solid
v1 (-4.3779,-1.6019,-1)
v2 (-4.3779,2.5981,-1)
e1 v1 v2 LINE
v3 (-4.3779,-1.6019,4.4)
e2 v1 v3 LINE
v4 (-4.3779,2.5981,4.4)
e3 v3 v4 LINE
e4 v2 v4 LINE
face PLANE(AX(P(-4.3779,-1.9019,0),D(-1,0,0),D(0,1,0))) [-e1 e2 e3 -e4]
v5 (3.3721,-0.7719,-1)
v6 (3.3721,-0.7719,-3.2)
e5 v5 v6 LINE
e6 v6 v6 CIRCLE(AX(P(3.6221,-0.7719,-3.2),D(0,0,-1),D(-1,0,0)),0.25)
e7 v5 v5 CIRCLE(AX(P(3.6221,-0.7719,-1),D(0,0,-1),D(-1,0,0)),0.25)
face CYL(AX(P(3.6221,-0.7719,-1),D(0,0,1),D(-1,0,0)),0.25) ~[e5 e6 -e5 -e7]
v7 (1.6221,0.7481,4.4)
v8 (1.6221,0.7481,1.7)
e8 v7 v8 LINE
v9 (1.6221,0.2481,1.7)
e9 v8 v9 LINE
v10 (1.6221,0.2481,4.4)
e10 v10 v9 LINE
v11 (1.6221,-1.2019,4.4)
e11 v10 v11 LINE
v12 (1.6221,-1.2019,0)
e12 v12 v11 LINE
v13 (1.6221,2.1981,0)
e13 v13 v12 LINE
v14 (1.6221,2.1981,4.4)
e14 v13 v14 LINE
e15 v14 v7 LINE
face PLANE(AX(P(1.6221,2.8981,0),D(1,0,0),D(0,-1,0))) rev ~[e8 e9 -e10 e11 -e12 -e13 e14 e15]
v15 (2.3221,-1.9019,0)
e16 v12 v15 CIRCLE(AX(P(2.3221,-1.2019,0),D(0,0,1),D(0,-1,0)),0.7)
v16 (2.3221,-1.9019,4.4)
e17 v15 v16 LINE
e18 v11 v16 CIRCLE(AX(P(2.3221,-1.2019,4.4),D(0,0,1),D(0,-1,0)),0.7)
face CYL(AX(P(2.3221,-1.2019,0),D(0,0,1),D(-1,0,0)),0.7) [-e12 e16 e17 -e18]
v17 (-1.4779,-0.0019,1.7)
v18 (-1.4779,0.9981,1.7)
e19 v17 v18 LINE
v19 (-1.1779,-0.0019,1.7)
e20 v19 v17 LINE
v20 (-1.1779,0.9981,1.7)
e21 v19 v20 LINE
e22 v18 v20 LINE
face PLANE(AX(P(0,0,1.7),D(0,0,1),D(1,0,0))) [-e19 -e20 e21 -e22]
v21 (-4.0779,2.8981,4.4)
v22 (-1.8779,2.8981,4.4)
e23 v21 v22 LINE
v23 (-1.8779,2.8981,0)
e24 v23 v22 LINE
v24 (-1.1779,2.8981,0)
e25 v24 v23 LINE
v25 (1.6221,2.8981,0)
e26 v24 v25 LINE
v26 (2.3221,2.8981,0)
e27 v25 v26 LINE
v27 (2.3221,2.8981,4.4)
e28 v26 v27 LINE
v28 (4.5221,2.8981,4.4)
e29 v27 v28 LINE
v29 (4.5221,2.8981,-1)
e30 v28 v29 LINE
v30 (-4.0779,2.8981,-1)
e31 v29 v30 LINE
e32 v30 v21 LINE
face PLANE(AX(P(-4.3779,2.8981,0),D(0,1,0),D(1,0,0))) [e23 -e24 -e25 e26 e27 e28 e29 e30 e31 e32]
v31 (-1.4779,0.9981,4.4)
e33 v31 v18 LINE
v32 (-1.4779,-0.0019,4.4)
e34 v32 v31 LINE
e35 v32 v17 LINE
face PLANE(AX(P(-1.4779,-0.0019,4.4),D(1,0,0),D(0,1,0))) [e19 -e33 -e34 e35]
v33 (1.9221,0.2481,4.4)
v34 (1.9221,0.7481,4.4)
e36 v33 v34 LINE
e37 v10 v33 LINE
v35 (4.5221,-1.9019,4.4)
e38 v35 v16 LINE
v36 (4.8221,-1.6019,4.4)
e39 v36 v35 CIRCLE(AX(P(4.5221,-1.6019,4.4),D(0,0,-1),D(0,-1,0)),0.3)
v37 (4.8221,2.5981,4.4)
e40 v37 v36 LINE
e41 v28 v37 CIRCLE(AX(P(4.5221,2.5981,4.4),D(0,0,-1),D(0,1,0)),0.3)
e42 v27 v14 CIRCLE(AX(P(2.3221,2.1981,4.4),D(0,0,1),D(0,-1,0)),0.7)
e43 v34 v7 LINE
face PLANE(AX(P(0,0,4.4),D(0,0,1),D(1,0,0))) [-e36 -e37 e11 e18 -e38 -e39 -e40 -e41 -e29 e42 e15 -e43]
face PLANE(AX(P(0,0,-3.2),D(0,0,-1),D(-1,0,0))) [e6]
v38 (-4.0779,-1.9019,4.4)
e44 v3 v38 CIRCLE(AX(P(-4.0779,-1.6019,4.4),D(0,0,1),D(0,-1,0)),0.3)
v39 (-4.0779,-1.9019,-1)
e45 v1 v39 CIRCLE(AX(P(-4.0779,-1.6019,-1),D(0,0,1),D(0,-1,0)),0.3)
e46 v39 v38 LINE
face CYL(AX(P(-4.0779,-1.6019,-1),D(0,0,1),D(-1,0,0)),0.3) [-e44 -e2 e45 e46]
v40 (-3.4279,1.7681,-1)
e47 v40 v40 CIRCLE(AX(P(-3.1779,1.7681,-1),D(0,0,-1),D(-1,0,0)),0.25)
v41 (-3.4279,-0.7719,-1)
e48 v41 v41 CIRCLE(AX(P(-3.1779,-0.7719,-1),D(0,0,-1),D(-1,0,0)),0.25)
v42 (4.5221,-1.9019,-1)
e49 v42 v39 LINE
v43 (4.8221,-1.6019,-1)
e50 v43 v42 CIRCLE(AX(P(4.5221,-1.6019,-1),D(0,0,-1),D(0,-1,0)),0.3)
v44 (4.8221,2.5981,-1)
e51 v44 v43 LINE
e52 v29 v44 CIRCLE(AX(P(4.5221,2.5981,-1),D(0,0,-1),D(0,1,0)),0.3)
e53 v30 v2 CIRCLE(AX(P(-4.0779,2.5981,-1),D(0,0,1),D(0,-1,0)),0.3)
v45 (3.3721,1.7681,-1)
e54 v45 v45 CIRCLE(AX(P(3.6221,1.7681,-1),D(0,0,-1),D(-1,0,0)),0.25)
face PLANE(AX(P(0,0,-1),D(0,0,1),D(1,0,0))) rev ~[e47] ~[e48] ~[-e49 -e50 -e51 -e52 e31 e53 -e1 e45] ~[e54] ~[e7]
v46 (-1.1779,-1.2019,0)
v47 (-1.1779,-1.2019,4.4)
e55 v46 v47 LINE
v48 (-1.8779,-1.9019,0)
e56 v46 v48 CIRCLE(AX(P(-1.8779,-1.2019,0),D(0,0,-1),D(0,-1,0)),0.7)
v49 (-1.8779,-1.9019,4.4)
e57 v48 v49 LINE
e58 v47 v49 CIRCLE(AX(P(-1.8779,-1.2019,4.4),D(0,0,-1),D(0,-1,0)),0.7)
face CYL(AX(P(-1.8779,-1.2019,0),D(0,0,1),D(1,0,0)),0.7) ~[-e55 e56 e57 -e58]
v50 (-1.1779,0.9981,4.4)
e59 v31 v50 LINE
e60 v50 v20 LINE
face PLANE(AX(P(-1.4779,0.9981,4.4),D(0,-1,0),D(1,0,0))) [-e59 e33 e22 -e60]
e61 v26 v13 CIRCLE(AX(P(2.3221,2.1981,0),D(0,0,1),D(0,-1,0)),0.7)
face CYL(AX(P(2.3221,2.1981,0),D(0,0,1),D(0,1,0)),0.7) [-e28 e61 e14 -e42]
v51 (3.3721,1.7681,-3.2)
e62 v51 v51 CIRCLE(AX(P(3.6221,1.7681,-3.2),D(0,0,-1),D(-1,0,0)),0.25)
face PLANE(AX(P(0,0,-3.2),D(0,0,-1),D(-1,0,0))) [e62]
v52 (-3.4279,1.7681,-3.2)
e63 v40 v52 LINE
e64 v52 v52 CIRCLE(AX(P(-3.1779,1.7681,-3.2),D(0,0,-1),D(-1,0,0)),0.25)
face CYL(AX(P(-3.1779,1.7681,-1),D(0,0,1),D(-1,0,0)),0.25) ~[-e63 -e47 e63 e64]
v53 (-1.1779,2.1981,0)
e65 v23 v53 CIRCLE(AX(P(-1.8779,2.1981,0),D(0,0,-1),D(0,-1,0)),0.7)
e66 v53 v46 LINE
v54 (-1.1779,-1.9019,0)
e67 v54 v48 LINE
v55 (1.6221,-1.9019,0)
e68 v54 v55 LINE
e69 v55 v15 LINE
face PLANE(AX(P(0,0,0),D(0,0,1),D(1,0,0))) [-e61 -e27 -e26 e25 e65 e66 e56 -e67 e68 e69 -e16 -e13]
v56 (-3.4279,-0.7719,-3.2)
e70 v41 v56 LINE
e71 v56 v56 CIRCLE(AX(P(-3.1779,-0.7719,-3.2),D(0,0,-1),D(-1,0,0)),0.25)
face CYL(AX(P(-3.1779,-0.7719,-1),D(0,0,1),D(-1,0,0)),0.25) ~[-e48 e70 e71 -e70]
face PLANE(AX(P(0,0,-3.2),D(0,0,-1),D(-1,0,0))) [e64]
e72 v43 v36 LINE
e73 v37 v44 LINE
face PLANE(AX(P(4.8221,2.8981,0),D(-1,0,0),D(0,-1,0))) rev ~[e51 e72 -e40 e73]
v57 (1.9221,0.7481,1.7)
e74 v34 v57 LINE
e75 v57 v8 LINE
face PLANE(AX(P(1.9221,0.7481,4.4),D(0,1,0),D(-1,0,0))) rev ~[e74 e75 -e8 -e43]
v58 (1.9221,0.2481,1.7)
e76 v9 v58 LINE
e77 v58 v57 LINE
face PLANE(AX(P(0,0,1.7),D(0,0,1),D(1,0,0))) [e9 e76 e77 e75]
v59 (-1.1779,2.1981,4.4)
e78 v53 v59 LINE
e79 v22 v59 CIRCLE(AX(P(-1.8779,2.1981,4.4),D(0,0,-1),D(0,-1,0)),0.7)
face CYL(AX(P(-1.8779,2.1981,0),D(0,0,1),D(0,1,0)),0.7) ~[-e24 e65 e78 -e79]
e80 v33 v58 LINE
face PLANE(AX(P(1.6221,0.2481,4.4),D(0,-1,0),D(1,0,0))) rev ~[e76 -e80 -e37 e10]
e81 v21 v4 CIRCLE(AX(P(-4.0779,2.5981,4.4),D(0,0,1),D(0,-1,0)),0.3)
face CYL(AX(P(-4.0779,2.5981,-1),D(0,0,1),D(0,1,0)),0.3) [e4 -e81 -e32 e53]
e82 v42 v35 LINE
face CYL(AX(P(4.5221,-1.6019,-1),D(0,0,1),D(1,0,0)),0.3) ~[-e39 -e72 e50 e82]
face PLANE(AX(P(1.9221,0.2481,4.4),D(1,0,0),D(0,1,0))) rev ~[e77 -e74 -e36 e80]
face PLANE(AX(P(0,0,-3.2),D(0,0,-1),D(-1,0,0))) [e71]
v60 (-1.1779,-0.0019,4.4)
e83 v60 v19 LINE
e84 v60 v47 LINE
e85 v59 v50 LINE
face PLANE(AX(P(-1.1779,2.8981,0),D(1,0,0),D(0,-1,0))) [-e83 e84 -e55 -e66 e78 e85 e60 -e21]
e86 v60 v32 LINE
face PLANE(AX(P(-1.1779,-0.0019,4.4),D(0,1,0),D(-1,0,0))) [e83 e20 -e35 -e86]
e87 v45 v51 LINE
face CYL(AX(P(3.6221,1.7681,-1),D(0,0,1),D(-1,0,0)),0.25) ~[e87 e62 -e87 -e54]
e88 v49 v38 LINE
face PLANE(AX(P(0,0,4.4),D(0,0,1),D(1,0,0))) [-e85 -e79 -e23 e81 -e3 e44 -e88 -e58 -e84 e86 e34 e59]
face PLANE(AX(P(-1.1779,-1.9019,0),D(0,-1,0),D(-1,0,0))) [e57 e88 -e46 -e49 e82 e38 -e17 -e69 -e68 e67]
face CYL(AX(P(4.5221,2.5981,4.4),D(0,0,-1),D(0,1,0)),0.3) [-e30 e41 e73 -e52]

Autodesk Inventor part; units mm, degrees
ref_plane "YZ Plane" through (0, 0, 0) normal (1, 0, 0) x (0, 1, 0)
ref_plane "XZ Plane" through (0, 0, 0) normal (0, 1, 0) x (-1, 0, 0)
ref_plane "XY Plane" through (0, 0, 0) normal (0, 0, 1) x (1, 0, 0)
sketch "Sketch1" plane through (0, 0, 0) normal (0, 0, 1) x (1, 0, 0)
  line L0 (-4.3779, 2.8981) -> (4.8221, 2.8981)
  line L1 (4.8221, 2.8981) -> (4.8221, -1.9019)
  line L2 (4.8221, -1.9019) -> (-4.3779, -1.9019)
  line L3 (-4.3779, -1.9019) -> (-4.3779, 2.8981)
  line L4 (-1.1779, 2.8981) -> (-1.1779, -1.9019)
  line L5 (1.6221, 2.8981) -> (1.6221, -1.9019)
  point P0 (0, 0)
  dimension "d0" = 2.8
  dimension "d1" = 9.2
  dimension "d2" = 3.2
  dimension "d11" = 4.8
extrude "Extrusion1" add sketch "Sketch1" along normal blind 4.4 contours L0 L4 L2 L3 | L0 L1 L2 L5
extrude "Extrusion2" add sketch "Sketch1" against normal blind 1
sketch "Sketch2" plane through (0, 0, -1) normal (0, 0, -1) x (-1, 0, 0)
  line L0 (4.3779, 2.8981) -> (-4.8221, 2.8981) projected
  line L1 (-4.8221, 2.8981) -> (-4.8221, -1.9019) projected
  line L2 (-4.8221, -1.9019) -> (4.3779, -1.9019) projected
  line L3 (4.3779, -1.9019) -> (4.3779, 2.8981) projected
  circle A0 centre (-3.6221, 1.7681) radius 0.25
  circle A1 centre (-3.6221, -0.7719) radius 0.25
  circle A2 centre (3.1779, 1.7681) radius 0.25
  circle A3 centre (3.1779, -0.7719) radius 0.25
  point P0 (0, 0)
  dimension "d7" = 2.54
  dimension "d8" = 6.8
  dimension "d9" = 9.2
  dimension "d10" = 4.8
  dimension "d12" = 1.13
  dimension "d13" = 1.2
  dimension "d14" = 0.5
  dimension "d15" = 0.5
  dimension "d16" = 0.5
  dimension "d17" = 0.5
extrude "Extrusion3" add sketch "Sketch2" along normal blind 2.2 contours A0 | A1 | A2 | A3
sketch "Sketch3" plane through (0, 0, 4.4) normal (0, 0, 1) x (1, 0, 0)
  line L0 (4.8221, -1.9019) -> (4.8221, 2.8981) projected
  line L1 (4.8221, 2.8981) -> (1.6221, 2.8981) projected
  line L2 (1.6221, 2.8981) -> (1.6221, -1.9019) projected
  line L3 (1.6221, -1.9019) -> (4.8221, -1.9019) projected
  line L4 (-4.3779, 2.8981) -> (-4.3779, -1.9019) projected
  line L5 (-4.3779, -1.9019) -> (-1.1779, -1.9019) projected
  line L6 (-1.1779, -1.9019) -> (-1.1779, 2.8981) projected
  line L7 (-1.1779, 2.8981) -> (-4.3779, 2.8981) projected
  line L8 (1.6221, 2.8981) -> (1.6221, -1.9019) projected
  line L9 (1.6221, 0.2481) -> (1.9221, 0.2481)
  line L10 (1.9221, 0.2481) -> (1.9221, 0.7481)
  line L11 (1.9221, 0.7481) -> (1.6221, 0.7481)
  line L12 (1.6221, 0.7481) -> (1.6221, 0.2481)
  line L13 (-1.1779, -0.0019) -> (-1.4779, -0.0019)
  line L14 (-1.4779, -0.0019) -> (-1.4779, 0.9981)
  line L15 (-1.4779, 0.9981) -> (-1.1779, 0.9981)
  line L16 (-1.1779, 0.9981) -> (-1.1779, -0.0019)
  point P0 (0, 0)
  dimension "d20" = 0.3
  dimension "d21" = 0.5
  dimension "d22" = 0.3
  dimension "d23" = 1
  dimension "d24" = 4.8
  dimension "d25" = 2.15
  dimension "d26" = 1.9
extrude "Extrusion4" cut sketch "Sketch3" against normal blind 2.7 contours L2 L11 L10 L9 | L6 L13 L14 L15
fillet "Fillet1" radius 0.7 4 edges at (1.6221, -1.9019, 2.2) (1.6221, 2.8981, 2.2) (-1.1779, 2.8981, 2.2) (-1.1779, -1.9019, 2.2)
fillet "Fillet1" radius 0.3 4 edges at (-4.3779, -1.9019, 1.7) (-4.3779, 2.8981, 1.7) (4.8221, 2.8981, 1.7) (4.8221, -1.9019, 1.7)
equation "\"d2\" = -0.5 * d0 + 0.5 * d1"
equation "\"d12\" = -0.5 * d7 + 0.5 * d10"
equation "\"d13\" = -0.5 * d8 + 0.5 * d9"
equation "\"d20\" = d22"
equation "\"d25\" = -0.5 * d21 + 0.5 * d24"
equation "\"d26\" = -0.5 * d23 + 0.5 * d24"
properties part number "COTS_Vishay_TCST1230_Optocoupler" material "ABS Plastic"
